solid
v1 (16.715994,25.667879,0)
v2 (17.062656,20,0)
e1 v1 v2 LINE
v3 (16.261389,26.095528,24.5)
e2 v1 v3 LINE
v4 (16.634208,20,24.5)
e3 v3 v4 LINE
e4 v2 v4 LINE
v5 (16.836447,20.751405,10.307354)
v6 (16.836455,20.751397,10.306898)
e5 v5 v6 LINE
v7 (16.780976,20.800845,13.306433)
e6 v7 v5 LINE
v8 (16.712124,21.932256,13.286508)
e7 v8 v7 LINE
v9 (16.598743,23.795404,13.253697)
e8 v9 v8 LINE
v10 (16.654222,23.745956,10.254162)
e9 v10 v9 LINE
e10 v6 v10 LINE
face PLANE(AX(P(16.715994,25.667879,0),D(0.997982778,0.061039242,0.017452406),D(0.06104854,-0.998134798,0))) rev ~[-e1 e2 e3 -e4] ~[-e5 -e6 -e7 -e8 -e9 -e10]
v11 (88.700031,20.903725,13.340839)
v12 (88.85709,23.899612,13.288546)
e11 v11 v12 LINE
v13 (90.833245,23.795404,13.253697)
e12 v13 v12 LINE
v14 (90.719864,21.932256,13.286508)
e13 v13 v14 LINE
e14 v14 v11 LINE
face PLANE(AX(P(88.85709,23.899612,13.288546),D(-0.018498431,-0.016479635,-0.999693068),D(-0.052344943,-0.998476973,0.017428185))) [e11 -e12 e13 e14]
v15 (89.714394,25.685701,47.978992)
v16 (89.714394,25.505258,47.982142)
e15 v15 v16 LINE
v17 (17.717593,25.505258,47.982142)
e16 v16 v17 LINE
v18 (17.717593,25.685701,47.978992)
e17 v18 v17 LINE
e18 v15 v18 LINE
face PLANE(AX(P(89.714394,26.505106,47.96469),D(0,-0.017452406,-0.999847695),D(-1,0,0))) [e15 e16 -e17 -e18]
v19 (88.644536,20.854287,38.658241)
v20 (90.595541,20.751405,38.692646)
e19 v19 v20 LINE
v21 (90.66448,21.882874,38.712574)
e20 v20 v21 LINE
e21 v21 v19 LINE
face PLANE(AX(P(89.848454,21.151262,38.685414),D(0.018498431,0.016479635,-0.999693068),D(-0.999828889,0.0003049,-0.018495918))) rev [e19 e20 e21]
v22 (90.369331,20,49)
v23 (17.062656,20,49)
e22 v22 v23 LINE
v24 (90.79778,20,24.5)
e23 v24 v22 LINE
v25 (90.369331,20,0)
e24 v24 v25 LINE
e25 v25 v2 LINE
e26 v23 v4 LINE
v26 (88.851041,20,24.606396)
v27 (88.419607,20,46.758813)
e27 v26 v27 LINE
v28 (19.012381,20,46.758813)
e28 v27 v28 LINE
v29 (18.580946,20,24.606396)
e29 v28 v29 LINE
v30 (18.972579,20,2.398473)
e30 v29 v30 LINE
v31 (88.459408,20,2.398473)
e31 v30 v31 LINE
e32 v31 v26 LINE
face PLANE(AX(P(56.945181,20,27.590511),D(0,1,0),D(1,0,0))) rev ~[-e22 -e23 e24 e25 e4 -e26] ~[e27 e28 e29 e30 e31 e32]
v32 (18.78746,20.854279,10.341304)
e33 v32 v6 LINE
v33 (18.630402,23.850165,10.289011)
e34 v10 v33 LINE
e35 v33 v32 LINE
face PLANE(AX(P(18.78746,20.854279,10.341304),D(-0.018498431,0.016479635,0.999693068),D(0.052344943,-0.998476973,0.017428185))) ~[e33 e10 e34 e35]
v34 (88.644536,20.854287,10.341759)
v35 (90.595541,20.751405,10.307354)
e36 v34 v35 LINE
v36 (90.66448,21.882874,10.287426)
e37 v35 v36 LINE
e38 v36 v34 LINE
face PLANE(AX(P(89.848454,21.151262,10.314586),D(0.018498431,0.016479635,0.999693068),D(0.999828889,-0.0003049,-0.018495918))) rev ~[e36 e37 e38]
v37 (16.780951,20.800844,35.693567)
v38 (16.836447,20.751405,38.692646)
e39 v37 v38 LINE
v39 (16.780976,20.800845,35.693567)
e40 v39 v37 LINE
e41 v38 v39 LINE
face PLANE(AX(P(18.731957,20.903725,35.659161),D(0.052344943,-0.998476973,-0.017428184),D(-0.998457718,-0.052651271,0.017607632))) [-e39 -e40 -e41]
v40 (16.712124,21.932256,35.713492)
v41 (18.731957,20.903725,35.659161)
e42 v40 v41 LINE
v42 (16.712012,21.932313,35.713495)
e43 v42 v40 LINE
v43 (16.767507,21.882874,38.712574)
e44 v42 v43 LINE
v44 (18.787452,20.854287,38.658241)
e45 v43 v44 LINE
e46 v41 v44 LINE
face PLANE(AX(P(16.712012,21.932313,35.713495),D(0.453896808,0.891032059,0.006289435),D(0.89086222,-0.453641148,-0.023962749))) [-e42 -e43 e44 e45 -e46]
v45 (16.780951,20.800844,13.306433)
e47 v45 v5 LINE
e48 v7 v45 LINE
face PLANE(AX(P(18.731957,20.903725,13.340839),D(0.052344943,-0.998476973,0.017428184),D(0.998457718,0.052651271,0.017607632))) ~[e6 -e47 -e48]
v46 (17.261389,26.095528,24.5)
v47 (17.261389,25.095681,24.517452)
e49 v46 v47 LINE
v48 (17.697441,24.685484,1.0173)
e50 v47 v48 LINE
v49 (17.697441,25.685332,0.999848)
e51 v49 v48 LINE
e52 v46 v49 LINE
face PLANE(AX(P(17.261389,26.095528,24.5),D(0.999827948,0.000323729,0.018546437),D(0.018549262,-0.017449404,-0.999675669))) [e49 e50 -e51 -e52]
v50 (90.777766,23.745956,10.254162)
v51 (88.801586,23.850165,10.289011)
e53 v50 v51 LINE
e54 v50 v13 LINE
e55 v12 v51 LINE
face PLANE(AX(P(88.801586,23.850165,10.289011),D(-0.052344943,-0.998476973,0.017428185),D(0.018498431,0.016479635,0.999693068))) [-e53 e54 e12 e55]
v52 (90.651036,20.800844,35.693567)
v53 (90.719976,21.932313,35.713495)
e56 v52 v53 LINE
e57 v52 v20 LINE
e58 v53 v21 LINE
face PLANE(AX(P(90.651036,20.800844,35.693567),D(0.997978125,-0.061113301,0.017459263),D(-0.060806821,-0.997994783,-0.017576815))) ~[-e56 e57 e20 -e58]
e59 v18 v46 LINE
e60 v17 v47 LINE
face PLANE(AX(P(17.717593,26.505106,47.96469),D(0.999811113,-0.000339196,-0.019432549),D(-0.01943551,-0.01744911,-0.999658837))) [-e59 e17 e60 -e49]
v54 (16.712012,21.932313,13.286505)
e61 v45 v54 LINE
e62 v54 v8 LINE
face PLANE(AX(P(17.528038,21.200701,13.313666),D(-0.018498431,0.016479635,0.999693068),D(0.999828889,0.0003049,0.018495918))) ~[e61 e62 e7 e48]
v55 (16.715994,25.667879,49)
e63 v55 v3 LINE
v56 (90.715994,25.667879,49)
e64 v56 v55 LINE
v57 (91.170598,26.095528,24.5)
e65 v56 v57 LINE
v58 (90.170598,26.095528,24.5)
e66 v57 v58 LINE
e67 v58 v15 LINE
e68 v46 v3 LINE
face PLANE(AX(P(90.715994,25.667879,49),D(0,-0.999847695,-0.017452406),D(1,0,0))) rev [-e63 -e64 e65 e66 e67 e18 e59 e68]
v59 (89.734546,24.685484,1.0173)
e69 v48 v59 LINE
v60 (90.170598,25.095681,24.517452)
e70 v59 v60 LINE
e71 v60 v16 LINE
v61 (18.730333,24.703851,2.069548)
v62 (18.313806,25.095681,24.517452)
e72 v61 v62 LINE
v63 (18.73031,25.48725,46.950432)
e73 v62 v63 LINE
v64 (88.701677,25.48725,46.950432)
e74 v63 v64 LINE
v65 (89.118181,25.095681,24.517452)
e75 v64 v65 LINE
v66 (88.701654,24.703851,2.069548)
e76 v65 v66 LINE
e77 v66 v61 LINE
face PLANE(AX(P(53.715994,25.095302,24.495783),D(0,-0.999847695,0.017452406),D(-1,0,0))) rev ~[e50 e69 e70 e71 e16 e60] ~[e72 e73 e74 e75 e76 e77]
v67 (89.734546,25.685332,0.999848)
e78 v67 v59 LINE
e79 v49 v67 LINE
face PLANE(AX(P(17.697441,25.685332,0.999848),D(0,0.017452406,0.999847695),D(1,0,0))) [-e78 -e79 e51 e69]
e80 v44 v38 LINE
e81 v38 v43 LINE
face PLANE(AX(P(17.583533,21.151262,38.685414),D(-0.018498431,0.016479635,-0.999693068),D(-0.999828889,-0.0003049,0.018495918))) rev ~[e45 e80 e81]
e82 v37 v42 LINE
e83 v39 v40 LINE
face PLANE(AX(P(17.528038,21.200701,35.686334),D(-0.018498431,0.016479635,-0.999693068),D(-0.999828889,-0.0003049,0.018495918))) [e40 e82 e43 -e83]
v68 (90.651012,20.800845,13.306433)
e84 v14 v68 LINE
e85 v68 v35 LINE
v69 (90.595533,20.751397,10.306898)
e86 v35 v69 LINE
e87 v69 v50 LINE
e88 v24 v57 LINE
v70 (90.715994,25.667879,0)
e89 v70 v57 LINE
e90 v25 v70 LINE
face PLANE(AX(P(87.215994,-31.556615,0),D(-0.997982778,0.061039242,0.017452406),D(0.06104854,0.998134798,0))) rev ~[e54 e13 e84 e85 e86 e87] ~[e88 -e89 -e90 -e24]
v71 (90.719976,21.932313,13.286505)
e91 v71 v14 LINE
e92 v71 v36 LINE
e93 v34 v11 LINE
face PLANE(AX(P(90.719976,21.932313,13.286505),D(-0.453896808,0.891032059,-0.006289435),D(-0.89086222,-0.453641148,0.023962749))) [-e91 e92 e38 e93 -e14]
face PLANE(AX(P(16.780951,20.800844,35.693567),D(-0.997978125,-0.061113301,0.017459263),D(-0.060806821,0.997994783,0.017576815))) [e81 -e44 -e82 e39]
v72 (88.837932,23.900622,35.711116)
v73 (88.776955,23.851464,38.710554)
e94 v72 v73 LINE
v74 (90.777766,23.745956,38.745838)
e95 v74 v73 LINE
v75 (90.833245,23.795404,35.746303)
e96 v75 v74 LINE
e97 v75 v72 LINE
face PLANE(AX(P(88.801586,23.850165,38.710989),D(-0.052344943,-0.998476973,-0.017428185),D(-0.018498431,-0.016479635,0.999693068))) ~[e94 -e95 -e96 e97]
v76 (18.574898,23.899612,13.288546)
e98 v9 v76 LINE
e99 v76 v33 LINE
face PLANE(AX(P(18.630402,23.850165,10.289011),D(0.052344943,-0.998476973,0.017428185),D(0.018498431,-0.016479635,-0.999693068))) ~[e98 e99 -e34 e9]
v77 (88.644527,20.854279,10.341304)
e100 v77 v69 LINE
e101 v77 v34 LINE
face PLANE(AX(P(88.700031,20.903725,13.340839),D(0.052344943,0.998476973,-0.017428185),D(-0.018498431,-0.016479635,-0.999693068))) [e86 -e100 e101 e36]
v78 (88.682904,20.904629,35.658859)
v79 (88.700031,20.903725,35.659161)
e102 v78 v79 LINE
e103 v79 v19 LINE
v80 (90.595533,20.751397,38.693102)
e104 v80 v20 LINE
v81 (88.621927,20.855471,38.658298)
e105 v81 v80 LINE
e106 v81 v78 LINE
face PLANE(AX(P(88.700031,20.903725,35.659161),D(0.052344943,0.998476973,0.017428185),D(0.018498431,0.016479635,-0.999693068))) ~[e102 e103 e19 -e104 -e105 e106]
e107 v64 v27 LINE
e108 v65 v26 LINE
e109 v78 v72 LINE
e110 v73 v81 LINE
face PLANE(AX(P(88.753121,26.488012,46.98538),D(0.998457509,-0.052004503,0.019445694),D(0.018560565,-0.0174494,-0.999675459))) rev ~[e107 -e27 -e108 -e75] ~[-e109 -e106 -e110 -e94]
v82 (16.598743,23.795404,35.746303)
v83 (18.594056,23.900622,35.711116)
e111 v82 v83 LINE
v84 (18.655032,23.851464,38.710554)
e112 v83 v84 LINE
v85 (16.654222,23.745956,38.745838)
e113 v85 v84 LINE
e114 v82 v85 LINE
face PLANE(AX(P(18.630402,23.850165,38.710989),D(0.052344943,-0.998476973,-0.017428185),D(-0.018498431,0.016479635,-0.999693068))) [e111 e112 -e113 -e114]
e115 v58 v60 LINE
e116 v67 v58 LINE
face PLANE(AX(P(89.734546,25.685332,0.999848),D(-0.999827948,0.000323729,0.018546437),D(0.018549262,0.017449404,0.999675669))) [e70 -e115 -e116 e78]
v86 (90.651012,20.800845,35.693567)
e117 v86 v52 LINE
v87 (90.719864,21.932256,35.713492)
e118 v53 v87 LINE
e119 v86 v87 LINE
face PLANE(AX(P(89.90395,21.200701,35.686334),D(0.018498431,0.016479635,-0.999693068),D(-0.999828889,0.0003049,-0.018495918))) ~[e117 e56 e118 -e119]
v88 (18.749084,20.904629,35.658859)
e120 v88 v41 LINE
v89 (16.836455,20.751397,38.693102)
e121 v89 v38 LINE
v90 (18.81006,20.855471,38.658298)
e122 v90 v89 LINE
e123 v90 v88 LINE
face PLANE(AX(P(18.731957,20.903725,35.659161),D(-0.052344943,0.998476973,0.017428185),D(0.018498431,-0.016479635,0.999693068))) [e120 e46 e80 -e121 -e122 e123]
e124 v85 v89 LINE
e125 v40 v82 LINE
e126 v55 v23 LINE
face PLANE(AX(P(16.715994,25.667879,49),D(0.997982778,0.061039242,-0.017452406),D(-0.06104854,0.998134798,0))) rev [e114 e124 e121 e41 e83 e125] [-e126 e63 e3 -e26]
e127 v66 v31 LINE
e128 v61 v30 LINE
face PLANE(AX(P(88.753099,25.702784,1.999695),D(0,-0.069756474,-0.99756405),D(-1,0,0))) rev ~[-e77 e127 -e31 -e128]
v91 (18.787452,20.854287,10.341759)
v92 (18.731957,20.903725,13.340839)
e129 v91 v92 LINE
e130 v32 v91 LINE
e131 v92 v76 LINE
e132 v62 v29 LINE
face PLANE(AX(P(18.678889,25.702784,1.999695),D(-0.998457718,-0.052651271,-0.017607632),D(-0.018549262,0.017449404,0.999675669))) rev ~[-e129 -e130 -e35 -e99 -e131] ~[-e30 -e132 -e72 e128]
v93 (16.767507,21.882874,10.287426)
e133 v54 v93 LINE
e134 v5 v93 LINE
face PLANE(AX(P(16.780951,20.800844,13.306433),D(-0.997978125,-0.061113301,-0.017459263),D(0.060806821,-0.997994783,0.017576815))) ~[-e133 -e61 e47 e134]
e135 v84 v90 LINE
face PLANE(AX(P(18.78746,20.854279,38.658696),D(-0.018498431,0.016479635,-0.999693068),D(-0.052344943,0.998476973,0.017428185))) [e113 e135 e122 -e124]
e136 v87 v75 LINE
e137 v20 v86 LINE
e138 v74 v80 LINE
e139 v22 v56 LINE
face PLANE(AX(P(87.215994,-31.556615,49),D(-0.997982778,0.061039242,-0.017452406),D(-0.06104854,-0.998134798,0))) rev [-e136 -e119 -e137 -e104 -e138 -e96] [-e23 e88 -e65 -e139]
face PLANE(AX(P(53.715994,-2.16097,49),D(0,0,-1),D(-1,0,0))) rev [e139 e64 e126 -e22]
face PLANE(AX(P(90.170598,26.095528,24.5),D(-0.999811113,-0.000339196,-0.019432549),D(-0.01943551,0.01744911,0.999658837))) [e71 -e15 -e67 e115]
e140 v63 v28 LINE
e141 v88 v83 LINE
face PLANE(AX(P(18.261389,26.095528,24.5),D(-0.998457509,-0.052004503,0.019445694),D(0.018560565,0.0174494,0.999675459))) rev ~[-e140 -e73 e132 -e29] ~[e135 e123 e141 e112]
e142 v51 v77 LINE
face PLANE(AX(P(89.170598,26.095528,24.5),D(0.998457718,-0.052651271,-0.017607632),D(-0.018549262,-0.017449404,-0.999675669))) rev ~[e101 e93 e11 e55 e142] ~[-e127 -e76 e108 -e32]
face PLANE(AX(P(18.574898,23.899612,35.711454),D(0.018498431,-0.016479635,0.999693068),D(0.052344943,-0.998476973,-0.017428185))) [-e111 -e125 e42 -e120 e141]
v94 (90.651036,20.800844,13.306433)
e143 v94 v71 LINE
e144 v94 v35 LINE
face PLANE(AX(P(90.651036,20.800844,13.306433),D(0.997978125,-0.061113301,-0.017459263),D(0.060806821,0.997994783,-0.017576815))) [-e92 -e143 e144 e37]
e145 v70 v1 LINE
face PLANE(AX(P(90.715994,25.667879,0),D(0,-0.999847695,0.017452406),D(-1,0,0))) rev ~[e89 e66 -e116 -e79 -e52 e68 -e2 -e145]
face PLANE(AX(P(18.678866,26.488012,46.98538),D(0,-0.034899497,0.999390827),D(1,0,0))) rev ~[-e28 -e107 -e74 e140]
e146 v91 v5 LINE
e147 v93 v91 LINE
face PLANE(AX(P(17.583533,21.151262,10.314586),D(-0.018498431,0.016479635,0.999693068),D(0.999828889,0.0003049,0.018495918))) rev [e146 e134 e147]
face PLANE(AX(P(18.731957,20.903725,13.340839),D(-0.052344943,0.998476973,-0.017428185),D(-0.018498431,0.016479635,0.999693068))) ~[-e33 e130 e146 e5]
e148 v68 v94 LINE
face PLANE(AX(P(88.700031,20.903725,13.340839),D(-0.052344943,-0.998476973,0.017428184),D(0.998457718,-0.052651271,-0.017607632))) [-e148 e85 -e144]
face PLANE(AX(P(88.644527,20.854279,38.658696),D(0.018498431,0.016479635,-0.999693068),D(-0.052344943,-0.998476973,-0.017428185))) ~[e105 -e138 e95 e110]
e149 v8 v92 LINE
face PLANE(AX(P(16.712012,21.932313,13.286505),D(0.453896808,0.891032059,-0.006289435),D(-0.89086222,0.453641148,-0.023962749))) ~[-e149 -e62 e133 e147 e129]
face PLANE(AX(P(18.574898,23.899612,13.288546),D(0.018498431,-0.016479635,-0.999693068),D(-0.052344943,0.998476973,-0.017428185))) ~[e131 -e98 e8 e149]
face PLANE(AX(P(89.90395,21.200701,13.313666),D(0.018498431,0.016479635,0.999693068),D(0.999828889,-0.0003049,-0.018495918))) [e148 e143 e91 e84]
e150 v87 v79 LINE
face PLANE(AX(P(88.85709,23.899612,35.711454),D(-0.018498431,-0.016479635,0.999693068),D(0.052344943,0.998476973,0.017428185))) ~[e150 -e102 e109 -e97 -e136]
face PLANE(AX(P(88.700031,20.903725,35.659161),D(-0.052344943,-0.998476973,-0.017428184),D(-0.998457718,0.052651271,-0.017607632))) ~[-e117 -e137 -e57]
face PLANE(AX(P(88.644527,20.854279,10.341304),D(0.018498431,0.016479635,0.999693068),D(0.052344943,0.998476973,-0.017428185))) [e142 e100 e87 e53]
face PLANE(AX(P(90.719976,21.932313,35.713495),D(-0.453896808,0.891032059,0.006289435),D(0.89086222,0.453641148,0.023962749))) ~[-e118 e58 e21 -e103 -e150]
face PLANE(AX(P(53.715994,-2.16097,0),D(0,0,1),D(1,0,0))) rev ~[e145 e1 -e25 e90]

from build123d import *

# Parameters (mm, degrees)
EXTRUDE_1_DEPTH          = 24.5
EXTRUDE_1_DRAFT          = -1
CUT_EXTRUDE_1_REACH      = 120.659
CUT_EXTRUDE_1_DRAFT      = -3
CUT_EXTRUDE_5_DEPTH      = 1
CUT_EXTRUDE_6_DEPTH      = 3
EXTRUDE_2_DEPTH          = 3
MIRROR_6_COPY_1_DEPTH    = 3
MIRROR_6_COPY_2_DEPTH    = 3
SKETCH_16_W              = 97.890152637
SKETCH_16_H              = 76.040955573
CUT_EXTRUDE_7_DEPTH      = 20
CUT_EXTRUDE_7_DEPTH_BACK = 109.33314876


with BuildPart() as part:
    # Sketch 1 → Extrude 1 (with draft: the straight prism first)
    with BuildSketch(Plane.XY):
        Polygon((16.715993843, 25.667879294), (20.215993843, -31.556614873), (87.215993843, -31.556614873), (90.715993843, 25.667879294), align=None)
    extrude(amount=EXTRUDE_1_DEPTH)
    # Extrude 1: the draft: its side faces are tilted about the plane it starts from
    extrude_1_sides = [part.faces().sort_by_distance(p)[0] for p in [
        (18.465993843, -2.94436779, 12.25),
        (53.715993843, -31.556614873, 12.25),
        (88.965993843, -2.94436779, 12.25),
        (53.715993843, 25.667879294, 12.25),
    ]]
    draft(extrude_1_sides, Plane.XY, EXTRUDE_1_DRAFT)

    # Mirror 3: part across plane


with BuildPart() as part_1:
    add(part.part)
    add(part.part.mirror(Plane.XY.offset(24.5)))

    # Cut-Extrude 1: up to this plane
    cut_extrude_1_end = Plane(origin=(20.215993843, -29.556919482, 0.034904813), z_dir=(0, -0.9998476951563913, -0.01745240643728355))



with BuildPart() as cut_extrude_1_long_prism_1:
    # Sketch 2 → Cut-Extrude 1 (the long prism of profile 1, to be tilted and cut off)
    with BuildSketch(Plane(origin=(0, 25.660061204, -0.447898034), x_dir=(1, 0, 0), z_dir=(0, 0.9998476951563913, -0.01745240643728355))):
        Polygon((18.678866318, -47.440503324), (88.753121369, -47.440503324), (89.170598215, -24.951698299), (88.753098752, -2.447966262), (18.678888935, -2.447966262), (18.261389472, -24.951698299), align=None)
    extrude(amount=-CUT_EXTRUDE_1_REACH)
    cut_extrude_1_tool1_sides = [cut_extrude_1_long_prism_1.faces().sort_by_distance(p)[0] for p in [
        (53.715993843, -33.832299375, 48.038274826),
        (88.961859792, -34.028541258, 36.79558489),
        (88.961848484, -34.42115528, 14.302742649),
        (53.715993843, -34.617527418, 3.052590344),
        (18.470139203, -34.42115528, 14.302742649),
        (18.470127895, -34.028541258, 36.79558489),
    ]]
    draft(cut_extrude_1_tool1_sides, Plane(origin=(0, 25.660061204, -0.447898034), x_dir=(1, 0, 0), z_dir=(0, 0.9998476951563913, -0.01745240643728355)), CUT_EXTRUDE_1_DRAFT)  # the draft: side faces tilted about the start plane


with BuildPart() as part_2:
    add(part_1.part)
    cut_extrude_1_tool1 = split(cut_extrude_1_long_prism_1.part, bisect_by=cut_extrude_1_end, keep=Keep.BOTH, mode=Mode.PRIVATE)
    add(cut_extrude_1_tool1.solids().sort_by_distance((53.715994, 26.095398, 24.492555))[0], mode=Mode.SUBTRACT)

    # Sketch 10 → Cut-Extrude 5 (cut)
    with BuildSketch(Plane(origin=(0, 25.660061204, -0.447898034), x_dir=(1, 0, 0), z_dir=(0, 0.9998476951563913, -0.01745240643728355))):
        Polygon((17.697441389, -1.447966262), (89.734546298, -1.447966262), (90.170598215, -24.951698299), (89.714394373, -48.419962311), (17.717593314, -48.419962311), (17.261389472, -24.951698299), align=None)
    extrude(amount=-CUT_EXTRUDE_5_DEPTH, mode=Mode.SUBTRACT)

    # Sketch 13 → Cut-Extrude 6 (cut, symmetric)
    with BuildSketch(Plane(origin=(87.093192584, -4.592650432, -1.535873606), x_dir=(0.017583201594826382, -0.0009272079251698135, 0.999844973636983), z_dir=(-0.998457718176913, 0.05265127083073426, 0.017607631665297937))):
        Polygon((14.826718303, 28.545615626), (14.87901891, 25.545615626), (11.87901891, 25.493315019), (11.826718303, 28.493315019), align=None)
    cut_extrude_6 = extrude(amount=CUT_EXTRUDE_6_DEPTH, both=True, mode=Mode.SUBTRACT)

    # Sketch 14 → Extrude 2 (add)
    with BuildSketch(Plane(origin=(0.283433717, 0.252501642, 15.317338252), x_dir=(-0.9998288893890833, 0.00030489955637755267, 0.018495917907816833), z_dir=(-0.018498430825131588, -0.016479634824702716, -0.9996930677428209))):
        Polygon((-88.431728934, 20.680996021), (-90.383068209, 20.578695502), (-90.452019303, 21.71033965), align=None)
    extrude_2 = extrude(amount=EXTRUDE_2_DEPTH)

    # Mirror 4: Cut-Extrude 6, Extrude 2 across plane
    add(cut_extrude_6.mirror(Plane(origin=(53.715993843, 0, 0), x_dir=(0, 0, 1), z_dir=(1, 0, 0))), mode=Mode.SUBTRACT)
    add(extrude_2.mirror(Plane(origin=(53.715993843, 0, 0), x_dir=(0, 0, 1), z_dir=(1, 0, 0))))

    # Mirror 6: Cut-Extrude 6, Extrude 2 across plane
    add(cut_extrude_6.mirror(Plane.XY.offset(24.5)), mode=Mode.SUBTRACT)
    add(extrude_2.mirror(Plane.XY.offset(24.5)))

    # Mirror 6 copy 1 sketch → Mirror 6 copy 1 (cut, symmetric)
    with BuildSketch(Plane(origin=(20.338795103, -4.592650432, 50.535873606), x_dir=(-0.017583201594826382, -0.0009272079251698135, -0.999844973636983), z_dir=(0.998457718176913, 0.05265127083073426, -0.017607631665297937))):
        Polygon((14.826718303, 28.545615626), (14.87901891, 25.545615626), (11.87901891, 25.493315019), (11.826718303, 28.493315019), align=None)
    extrude(amount=MIRROR_6_COPY_1_DEPTH, both=True, mode=Mode.SUBTRACT)

    # Mirror 6 copy 2 sketch → Mirror 6 copy 2 (add)
    with BuildSketch(Plane(origin=(107.14855397, 0.252501642, 33.682661748), x_dir=(0.9998288893890833, 0.00030489955637755267, -0.018495917907816833), z_dir=(0.018498430825131588, -0.016479634824702716, 0.9996930677428209))):
        Polygon((-88.431728934, 20.680996021), (-90.383068209, 20.578695502), (-90.452019303, 21.71033965), align=None)
    extrude(amount=MIRROR_6_COPY_2_DEPTH)

    # Sketch 16 → Cut-Extrude 7 (cut, two sides)
    with BuildSketch(Plane(origin=(0, 0, 0), x_dir=(1, 0, 0), z_dir=(0, 1, 0))) as cut_extrude_7_sk:
        with Locations((56.945180684, -27.590511427)):
            Rectangle(SKETCH_16_W, SKETCH_16_H)
    extrude(amount=CUT_EXTRUDE_7_DEPTH, mode=Mode.SUBTRACT)
    extrude(cut_extrude_7_sk.sketch, amount=-CUT_EXTRUDE_7_DEPTH_BACK, mode=Mode.SUBTRACT)


solid = part_2.part
